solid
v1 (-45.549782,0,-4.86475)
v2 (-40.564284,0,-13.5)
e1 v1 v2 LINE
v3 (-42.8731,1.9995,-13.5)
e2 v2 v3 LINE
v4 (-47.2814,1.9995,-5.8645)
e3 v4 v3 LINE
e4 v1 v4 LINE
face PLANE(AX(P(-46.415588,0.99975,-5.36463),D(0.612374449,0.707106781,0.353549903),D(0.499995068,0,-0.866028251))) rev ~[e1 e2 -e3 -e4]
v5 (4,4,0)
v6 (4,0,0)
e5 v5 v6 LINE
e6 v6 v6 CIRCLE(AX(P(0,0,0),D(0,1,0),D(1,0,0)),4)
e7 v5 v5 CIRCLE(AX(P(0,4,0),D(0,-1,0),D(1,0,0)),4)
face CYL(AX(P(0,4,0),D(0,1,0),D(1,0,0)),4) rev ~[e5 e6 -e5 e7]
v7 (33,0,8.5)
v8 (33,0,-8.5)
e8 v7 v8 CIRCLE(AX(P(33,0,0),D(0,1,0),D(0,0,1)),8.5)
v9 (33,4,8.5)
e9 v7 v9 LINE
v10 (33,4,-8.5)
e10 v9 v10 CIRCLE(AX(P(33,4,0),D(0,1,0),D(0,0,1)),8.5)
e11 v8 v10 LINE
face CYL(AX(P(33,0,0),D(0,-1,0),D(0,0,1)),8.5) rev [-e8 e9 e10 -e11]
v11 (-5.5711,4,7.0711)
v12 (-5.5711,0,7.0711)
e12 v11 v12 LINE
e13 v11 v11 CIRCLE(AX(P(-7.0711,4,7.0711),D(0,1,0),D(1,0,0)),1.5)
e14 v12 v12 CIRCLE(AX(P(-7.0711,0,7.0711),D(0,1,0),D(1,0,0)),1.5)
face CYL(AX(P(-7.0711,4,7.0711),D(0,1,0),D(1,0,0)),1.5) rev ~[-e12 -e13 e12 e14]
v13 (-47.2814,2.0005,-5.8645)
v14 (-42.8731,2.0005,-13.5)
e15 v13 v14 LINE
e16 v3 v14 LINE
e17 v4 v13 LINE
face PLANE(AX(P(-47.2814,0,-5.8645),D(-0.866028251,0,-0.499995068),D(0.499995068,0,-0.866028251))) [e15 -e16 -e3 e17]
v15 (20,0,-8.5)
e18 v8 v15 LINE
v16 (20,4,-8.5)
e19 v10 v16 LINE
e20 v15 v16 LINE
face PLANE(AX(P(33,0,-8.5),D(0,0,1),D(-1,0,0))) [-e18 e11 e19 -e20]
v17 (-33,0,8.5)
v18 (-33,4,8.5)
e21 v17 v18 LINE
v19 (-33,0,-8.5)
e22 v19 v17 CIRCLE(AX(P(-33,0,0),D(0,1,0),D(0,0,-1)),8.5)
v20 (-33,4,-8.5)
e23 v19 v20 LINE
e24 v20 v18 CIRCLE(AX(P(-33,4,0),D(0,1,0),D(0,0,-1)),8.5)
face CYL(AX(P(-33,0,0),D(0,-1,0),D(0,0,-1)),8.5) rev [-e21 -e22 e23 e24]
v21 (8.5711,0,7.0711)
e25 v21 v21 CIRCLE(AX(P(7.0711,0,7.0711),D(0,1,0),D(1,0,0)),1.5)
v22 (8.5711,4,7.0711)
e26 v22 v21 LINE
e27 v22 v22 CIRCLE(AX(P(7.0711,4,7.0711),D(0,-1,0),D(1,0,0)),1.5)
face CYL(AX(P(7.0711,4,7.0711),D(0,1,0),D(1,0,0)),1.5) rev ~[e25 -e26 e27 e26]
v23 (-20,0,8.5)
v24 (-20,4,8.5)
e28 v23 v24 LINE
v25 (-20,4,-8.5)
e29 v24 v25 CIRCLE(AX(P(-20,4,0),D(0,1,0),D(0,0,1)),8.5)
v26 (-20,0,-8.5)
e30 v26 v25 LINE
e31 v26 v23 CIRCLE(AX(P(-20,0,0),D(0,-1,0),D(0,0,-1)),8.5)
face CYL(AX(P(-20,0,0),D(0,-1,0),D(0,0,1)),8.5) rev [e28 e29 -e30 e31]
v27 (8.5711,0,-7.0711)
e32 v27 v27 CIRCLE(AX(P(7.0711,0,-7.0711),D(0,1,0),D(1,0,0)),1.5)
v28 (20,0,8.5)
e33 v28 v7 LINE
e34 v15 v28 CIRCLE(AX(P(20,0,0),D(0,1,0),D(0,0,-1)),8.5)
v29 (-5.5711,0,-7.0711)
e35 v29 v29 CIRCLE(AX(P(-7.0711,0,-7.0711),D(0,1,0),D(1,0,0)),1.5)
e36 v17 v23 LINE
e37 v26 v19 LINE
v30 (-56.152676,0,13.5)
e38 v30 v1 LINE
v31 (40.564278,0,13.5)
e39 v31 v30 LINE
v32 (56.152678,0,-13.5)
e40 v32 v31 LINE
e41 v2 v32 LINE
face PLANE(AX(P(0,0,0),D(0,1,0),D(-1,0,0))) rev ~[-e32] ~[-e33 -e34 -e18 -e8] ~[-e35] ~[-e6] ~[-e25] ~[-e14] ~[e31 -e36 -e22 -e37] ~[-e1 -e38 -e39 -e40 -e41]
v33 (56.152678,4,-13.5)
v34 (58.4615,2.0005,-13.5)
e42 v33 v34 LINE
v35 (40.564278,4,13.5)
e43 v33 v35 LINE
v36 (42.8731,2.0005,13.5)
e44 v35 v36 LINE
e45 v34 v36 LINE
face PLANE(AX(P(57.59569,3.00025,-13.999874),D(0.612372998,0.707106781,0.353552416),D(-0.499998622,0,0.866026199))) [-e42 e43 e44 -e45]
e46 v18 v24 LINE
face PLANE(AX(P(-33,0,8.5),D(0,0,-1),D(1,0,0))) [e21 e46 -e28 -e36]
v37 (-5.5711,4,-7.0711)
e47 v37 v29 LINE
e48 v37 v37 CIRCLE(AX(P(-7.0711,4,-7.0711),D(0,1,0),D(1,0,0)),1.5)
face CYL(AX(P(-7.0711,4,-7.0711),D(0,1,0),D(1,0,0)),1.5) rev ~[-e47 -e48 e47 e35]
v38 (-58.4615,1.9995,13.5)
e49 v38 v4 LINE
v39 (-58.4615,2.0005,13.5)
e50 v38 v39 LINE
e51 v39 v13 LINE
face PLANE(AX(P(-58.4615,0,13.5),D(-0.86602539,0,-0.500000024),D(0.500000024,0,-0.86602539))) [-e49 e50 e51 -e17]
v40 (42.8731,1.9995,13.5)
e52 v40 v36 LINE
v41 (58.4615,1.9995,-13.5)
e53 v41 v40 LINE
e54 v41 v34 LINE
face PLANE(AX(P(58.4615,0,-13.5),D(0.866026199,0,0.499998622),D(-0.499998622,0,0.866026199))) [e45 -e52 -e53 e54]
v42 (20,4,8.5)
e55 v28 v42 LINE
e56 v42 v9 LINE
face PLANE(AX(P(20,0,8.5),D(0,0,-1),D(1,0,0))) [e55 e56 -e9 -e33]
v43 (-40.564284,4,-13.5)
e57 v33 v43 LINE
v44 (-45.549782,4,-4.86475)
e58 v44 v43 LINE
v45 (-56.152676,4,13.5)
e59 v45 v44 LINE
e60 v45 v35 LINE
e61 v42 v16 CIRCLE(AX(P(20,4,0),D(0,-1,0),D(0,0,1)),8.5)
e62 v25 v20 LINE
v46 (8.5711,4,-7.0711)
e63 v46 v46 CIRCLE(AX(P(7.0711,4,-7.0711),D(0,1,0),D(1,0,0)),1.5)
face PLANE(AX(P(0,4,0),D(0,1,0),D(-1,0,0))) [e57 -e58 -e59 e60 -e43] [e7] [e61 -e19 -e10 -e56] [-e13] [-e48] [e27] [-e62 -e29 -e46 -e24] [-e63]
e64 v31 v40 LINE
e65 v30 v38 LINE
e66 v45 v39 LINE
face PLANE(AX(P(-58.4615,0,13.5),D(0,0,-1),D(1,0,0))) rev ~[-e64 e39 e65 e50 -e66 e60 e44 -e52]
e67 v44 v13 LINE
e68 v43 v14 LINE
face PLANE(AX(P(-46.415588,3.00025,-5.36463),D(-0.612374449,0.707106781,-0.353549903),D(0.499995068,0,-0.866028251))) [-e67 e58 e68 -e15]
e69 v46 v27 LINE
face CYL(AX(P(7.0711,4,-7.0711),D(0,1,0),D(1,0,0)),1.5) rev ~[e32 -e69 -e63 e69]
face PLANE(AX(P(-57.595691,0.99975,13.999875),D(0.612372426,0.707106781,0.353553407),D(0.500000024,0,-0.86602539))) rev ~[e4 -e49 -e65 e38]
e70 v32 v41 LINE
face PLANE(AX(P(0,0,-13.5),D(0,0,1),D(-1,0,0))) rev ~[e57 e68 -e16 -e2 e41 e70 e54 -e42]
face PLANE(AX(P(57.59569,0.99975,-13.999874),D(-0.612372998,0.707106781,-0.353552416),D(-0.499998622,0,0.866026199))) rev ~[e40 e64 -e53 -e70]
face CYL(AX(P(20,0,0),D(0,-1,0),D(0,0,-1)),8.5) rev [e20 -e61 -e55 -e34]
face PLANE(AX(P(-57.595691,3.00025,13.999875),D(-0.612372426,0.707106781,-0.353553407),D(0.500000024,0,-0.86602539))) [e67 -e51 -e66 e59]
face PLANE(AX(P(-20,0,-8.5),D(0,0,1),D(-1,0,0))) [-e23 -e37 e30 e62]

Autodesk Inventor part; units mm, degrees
ref_plane "YZ Plane" through (0, 0, 0) normal (1, 0, 0) x (0, 1, 0)
ref_plane "XZ Plane" through (0, 0, 0) normal (0, 1, 0) x (-1, 0, 0)
ref_plane "XY Plane" through (0, 0, 0) normal (0, 0, 1) x (1, 0, 0)
sketch "Sketch1" plane through (0, 0, 0) normal (0, 1, 0) x (-1, 0, 0)
  circle A0 centre (0, 0) radius 13.5
  circle A1 centre (0, 0) radius 60
  line L0 (-58.4615, -13.5) -> (58.4615, -13.5)
  line L1 (58.4615, -13.5) -> (58.4615, 13.5)
  line L2 (58.4615, 13.5) -> (-58.4615, 13.5)
  line L3 (-58.4615, 13.5) -> (-58.4615, -13.5)
  line L4 (-58.4615, -13.5) -> (58.4615, 13.5) construction
  line L5 (58.4615, -13.5) -> (-58.4615, 13.5) construction
  line L6 (-20, 0) -> (-33, 0) construction
  line L7 (-20, 8.5) -> (-33, 8.5)
  line L8 (-33, -8.5) -> (-20, -8.5)
  arc A2 (-20, -8.5) -> (-20, 8.5) centre (-20, 0) ccw
  arc A3 (-33, 8.5) -> (-33, -8.5) centre (-33, 0) ccw
  line L9 (-58.4615, -13.5) -> (-42.8731, 13.5)
  line L10 (-58.4615, -13.5) -> (-27.2846, -13.5) construction
  line L11 (33, 0) -> (20, 0) construction
  line L12 (33, 8.5) -> (20, 8.5)
  line L13 (20, -8.5) -> (33, -8.5)
  arc A4 (33, -8.5) -> (33, 8.5) centre (33, 0) ccw
  arc A5 (20, 8.5) -> (20, -8.5) centre (20, 0) ccw
  line L14 (58.4615, 13.5) -> (47.2814, -5.8645)
  line L15 (58.4615, 13.5) -> (80.8217, 13.5) construction
  line L16 (47.2814, -5.8645) -> (42.8731, -13.5)
  point P0 (0, 0)
  point P1 (-0.767, 13.4782)
  point P2 (-9.0908, 9.9804)
  point P3 (0, 0)
  point P4 (-26.5, 0)
  point P5 (26.5, 0)
  point P6 (45.9853, -13.5)
  point P7 (0, 13.5)
  point P8 (0, -13.5)
  point P9 (12.75, -4.4371)
  point P10 (12.75, 4.4371)
  point P11 (-12.75, 4.4371)
  point P12 (-12.75, -4.4371)
  dimension "d7" = 120
  dimension "d1" = 27
  dimension "d9" = 5
  dimension "d10" = 5
  dimension "d11" = 60
  dimension "d12" = 5
  dimension "d13" = 5
  dimension "d14" = 13
  dimension "d15" = 13
  dimension "d16" = 20
  dimension "d17" = 20
  dimension "d24" = 120
extrude "Extrusion1" add sketch "Sketch1" along normal blind 4 contours A5 A0 A2 | A0 L2 L14 L16 L0 A5 L13 A4 L12 | A0 A2 L7 A3 L8 L0 L9 L2
chamfer "Chamfer1" distance 2 angle 45 4 edges at (50.6673, 4, 0) (50.6673, 0, 0) (-52.8715, 0, 3.8177) (-52.8715, 4, 3.8177)
sketch "Sketch2" plane through (0, 4, 0) normal (0, 1, 0) x (1, 0, 0)
  circle A0 centre (0, 0) radius 4
  line L0 (0, 0) -> (7.0711, -7.0711)
  line L1 (0, 0) -> (10, 0) construction
  circle A1 centre (7.0711, -7.0711) radius 1.5
  circle A2 centre (7.0711, 7.0711) radius 1.5
  circle A3 centre (-7.0711, 7.0711) radius 1.5
  circle A4 centre (-7.0711, -7.0711) radius 1.5
  dimension "d21" = 8
  dimension "d31" = 10
  dimension "d32" = 45
  dimension "d33" = 3
  dimension "d36" = 360
extrude "Extrusion2" cut sketch "Sketch2" against normal blind 4
equation "\"d10\" = d9"
equation "\"d12\" = d9"
equation "\"d13\" = d9"
equation "\"d15\" = d14"
equation "\"d17\" = d16"
properties part number "rotorV2"
